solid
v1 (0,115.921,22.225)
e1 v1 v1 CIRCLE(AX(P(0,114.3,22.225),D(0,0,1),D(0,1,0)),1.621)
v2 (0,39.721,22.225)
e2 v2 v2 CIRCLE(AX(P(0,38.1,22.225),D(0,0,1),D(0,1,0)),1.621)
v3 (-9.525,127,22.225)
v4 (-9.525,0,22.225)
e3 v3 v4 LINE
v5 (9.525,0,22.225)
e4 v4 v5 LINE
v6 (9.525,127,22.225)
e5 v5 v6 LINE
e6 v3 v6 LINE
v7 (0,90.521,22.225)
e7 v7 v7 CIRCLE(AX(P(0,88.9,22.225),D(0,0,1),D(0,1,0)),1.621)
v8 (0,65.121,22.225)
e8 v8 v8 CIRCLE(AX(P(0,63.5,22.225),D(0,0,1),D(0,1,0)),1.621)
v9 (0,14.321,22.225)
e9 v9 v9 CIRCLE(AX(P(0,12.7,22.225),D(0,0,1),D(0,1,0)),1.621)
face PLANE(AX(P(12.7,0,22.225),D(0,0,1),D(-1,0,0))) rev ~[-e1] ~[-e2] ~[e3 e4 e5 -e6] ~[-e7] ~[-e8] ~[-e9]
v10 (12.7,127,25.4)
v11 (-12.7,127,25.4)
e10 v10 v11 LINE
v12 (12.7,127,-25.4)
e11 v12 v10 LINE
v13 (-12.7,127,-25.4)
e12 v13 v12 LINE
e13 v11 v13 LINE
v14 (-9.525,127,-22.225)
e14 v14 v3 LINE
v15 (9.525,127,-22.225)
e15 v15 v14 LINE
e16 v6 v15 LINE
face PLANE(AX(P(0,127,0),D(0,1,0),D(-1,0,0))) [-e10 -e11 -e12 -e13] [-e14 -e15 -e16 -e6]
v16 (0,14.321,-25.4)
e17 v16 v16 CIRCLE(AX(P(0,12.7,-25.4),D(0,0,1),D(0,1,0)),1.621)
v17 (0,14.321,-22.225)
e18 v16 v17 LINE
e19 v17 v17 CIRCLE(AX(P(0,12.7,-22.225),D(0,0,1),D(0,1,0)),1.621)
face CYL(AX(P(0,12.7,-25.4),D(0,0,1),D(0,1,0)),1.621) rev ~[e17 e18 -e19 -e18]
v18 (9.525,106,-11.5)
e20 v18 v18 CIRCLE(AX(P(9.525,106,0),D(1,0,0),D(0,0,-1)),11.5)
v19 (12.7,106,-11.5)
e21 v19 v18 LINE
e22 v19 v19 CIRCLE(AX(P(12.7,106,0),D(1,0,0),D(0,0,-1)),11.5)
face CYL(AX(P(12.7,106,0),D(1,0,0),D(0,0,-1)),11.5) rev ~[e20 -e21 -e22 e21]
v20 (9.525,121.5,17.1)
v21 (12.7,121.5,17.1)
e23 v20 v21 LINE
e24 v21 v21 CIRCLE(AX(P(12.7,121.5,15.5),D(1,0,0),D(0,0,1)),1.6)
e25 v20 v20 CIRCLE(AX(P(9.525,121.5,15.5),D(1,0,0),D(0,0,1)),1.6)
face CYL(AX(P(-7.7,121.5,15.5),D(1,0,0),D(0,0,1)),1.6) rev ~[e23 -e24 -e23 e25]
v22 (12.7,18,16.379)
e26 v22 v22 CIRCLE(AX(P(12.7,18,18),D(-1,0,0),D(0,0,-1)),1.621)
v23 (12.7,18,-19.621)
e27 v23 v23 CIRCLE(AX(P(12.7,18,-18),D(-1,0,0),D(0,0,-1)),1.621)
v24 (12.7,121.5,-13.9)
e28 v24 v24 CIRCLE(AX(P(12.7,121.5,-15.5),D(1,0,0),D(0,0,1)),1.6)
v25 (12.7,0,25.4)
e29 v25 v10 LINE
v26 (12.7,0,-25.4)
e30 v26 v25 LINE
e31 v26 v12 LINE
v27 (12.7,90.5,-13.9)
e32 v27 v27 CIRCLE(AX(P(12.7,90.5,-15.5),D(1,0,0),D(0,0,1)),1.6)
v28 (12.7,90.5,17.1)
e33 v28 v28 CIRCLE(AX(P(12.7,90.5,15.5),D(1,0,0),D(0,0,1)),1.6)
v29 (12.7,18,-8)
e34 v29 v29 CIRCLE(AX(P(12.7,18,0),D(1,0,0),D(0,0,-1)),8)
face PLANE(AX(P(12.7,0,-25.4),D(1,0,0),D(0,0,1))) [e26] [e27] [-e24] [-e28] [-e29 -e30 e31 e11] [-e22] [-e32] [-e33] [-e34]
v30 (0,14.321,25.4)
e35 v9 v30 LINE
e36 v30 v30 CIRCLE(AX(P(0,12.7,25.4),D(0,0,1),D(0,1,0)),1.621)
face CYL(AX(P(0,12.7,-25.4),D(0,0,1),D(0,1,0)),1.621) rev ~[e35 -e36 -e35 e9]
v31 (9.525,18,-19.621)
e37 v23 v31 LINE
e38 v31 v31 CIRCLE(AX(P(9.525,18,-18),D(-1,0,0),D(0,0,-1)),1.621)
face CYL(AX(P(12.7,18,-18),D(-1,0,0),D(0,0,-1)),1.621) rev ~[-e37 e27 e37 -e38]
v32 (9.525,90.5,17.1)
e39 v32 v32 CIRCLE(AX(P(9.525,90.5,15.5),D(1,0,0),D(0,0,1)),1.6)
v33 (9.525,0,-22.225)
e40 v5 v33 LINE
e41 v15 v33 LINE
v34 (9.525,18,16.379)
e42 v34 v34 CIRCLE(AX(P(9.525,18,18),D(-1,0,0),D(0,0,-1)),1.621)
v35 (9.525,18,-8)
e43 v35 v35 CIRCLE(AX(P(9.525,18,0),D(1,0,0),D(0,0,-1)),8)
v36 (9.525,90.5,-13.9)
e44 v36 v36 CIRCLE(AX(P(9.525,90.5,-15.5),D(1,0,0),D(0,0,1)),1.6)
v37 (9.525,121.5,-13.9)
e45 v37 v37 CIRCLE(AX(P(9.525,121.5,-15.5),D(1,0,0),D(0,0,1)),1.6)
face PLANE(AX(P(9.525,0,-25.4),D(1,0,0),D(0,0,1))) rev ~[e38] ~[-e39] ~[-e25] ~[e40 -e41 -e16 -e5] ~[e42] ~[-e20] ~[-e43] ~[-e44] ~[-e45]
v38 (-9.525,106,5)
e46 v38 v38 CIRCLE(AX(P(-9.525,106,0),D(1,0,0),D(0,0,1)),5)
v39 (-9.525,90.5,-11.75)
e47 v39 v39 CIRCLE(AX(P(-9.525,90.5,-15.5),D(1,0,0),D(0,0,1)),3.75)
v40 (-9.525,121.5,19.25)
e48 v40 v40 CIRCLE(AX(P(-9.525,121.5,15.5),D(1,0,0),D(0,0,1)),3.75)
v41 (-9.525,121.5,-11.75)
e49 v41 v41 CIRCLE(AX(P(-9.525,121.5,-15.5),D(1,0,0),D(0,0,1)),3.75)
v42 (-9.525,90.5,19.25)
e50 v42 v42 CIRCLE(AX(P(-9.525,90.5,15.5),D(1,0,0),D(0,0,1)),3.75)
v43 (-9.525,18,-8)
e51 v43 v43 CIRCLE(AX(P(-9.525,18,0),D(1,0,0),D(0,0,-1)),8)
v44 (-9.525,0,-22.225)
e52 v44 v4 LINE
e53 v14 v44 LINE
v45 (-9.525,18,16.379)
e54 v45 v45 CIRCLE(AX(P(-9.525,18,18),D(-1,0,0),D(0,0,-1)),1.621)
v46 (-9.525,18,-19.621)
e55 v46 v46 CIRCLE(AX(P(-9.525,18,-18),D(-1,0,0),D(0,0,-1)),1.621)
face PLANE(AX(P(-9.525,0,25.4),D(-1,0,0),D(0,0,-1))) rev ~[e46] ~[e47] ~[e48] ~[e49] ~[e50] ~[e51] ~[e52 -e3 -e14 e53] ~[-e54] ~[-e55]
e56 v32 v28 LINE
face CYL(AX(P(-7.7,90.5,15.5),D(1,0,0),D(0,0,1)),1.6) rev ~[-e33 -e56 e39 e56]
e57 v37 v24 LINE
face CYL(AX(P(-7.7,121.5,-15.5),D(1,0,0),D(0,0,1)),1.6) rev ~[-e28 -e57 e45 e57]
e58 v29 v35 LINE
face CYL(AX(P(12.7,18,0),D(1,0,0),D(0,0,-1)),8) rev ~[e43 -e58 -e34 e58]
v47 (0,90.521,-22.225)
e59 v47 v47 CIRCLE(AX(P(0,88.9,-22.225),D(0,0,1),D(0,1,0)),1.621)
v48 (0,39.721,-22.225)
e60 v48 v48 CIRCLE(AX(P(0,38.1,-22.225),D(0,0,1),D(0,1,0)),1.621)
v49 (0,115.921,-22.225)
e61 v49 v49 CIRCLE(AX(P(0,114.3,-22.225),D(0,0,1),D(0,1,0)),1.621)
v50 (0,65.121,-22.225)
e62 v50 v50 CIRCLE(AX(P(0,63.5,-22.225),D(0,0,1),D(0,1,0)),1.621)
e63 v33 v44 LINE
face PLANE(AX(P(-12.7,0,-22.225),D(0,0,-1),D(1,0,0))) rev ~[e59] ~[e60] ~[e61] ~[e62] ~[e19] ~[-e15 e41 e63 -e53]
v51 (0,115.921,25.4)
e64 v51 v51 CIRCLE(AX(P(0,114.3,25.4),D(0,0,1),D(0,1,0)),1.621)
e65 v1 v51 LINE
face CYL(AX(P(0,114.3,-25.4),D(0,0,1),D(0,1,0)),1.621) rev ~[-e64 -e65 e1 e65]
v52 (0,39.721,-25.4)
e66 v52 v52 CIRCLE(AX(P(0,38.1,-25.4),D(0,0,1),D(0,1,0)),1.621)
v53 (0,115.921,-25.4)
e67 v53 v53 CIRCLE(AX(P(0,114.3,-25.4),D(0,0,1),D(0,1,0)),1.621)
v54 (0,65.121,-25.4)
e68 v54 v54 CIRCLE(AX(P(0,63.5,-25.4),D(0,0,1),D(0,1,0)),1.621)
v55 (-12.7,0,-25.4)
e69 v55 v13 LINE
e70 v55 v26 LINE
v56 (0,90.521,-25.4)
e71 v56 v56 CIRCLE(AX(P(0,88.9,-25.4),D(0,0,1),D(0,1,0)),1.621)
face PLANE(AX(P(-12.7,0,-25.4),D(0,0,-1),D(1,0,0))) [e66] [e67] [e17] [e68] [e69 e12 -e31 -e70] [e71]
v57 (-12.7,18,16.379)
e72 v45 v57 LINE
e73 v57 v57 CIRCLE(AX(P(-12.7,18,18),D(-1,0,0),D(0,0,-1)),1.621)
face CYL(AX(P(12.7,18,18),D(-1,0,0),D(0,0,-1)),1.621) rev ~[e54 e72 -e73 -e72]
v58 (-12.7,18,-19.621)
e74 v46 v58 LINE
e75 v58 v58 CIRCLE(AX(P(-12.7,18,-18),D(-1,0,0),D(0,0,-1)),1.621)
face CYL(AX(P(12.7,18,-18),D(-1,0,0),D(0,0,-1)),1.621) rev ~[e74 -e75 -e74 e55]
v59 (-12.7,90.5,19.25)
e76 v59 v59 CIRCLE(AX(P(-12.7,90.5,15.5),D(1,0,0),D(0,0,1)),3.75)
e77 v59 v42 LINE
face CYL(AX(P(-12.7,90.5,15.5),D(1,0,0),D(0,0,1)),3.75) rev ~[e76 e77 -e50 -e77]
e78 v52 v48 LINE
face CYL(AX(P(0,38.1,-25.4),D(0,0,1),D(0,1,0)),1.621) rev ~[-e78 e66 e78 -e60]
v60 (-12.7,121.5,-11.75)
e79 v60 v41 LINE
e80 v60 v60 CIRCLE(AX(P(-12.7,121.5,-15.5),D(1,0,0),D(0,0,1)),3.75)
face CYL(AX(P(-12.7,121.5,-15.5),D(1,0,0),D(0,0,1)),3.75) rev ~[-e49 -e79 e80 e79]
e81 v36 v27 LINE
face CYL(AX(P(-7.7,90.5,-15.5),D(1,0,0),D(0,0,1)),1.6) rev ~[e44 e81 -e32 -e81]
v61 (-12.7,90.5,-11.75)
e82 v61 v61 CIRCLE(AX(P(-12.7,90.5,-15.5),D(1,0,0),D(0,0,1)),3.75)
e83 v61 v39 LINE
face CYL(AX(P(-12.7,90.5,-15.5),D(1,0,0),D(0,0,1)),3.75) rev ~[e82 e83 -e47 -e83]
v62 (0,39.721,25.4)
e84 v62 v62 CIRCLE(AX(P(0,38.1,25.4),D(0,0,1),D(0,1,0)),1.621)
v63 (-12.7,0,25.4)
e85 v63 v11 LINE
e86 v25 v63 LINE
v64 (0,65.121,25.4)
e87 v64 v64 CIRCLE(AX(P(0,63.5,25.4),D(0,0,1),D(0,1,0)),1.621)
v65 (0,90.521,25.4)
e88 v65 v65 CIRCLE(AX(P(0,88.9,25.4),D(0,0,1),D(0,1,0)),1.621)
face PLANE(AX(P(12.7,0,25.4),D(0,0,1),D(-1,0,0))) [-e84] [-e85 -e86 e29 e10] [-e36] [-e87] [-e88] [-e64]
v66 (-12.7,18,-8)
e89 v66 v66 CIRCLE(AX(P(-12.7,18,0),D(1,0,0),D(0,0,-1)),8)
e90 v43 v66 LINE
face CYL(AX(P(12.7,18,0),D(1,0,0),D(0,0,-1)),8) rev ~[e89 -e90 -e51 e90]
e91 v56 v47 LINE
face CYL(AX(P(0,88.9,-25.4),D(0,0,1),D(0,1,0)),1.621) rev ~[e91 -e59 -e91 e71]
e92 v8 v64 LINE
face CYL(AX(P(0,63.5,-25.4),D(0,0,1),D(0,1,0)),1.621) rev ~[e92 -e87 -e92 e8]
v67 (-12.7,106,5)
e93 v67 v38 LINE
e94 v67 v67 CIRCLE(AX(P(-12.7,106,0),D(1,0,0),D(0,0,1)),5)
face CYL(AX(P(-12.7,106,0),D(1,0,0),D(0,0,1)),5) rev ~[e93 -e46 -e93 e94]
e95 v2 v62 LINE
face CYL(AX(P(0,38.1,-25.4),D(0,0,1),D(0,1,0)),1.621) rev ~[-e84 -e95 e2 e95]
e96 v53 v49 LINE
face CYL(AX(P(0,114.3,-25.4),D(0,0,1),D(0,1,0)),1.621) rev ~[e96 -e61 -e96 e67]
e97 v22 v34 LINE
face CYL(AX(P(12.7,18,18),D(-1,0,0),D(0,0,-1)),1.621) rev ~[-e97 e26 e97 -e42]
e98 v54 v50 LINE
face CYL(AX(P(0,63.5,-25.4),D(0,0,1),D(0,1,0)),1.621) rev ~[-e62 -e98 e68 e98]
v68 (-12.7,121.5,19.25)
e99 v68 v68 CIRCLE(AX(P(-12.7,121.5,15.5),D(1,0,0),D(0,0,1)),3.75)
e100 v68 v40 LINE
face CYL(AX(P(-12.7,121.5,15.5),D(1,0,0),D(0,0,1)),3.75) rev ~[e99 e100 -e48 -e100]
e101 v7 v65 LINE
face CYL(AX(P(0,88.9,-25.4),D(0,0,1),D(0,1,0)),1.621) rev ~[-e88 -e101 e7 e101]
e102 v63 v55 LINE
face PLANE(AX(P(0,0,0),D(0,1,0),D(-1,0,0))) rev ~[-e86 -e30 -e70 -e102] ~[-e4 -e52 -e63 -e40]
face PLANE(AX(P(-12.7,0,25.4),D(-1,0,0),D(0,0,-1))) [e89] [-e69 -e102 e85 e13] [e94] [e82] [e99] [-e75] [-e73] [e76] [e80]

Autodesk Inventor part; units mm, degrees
ref_plane "YZ Plane" through (0, 0, 0) normal (1, 0, 0) x (0, 1, 0)
ref_plane "XZ Plane" through (0, 0, 0) normal (0, 1, 0) x (-1, 0, 0)
ref_plane "XY Plane" through (0, 0, 0) normal (0, 0, 1) x (1, 0, 0)
sketch "Sketch1" plane through (0, 0, 0) normal (0, 1, 0) x (-1, 0, 0)
  line L0 (-12.7, 25.4) -> (12.7, 25.4)
  line L1 (12.7, 25.4) -> (12.7, -25.4)
  line L2 (12.7, -25.4) -> (-12.7, -25.4)
  line L3 (-12.7, -25.4) -> (-12.7, 25.4)
  line L4 (-12.7, 25.4) -> (12.7, -25.4) construction
  line L5 (12.7, 25.4) -> (-12.7, -25.4) construction
  point P0 (0, 0)
  dimension "d0" = 50.8
  dimension "d1" = 25.4
extrude "Extrusion1" add sketch "Sketch1" along normal blind 127
shell "Shell1" thickness 3.175 removed faces 2 at (-4.2333, 0, 8.4667) at (-4.2333, 127, 8.4667)
sketch "Sketch2" plane through (-12.7, 0, -25.4) normal (-1, 0, 0) x (0, 0, 1)
  line L0 (9.9, 90.5) -> (40.9, 90.5)
  line L1 (40.9, 90.5) -> (40.9, 121.5)
  line L2 (40.9, 121.5) -> (9.9, 121.5)
  line L3 (9.9, 121.5) -> (9.9, 90.5)
  line L4 (9.9, 90.5) -> (40.9, 121.5) construction
  line L5 (40.9, 90.5) -> (9.9, 121.5) construction
  line L6 (0, 127) -> (50.8, 127) projected
  point P0 (25.4, 0)
  point P1 (25.4, 106)
  point P2 (25.4, 106)
  point P3 (25.4, 127)
  dimension "d5" = 31
  dimension "d6" = 31
  dimension "d7" = 21
hole "Hole1" at (-12.7, 121.5, -15.5) at (-12.7, 121.5, 15.5) at (-12.7, 90.5, 15.5) at (-12.7, 90.5, -15.5) direction (1, 0, 0) diameter 3.2 end through all counterbore diameter 7.5 counterbore depth 5 clearance for "Socket Head Cap Screw" size "M3" standard "Ansi Metric M Profile"
hole "Hole2" at (-12.7, 106, 0) direction (1, 0, 0) diameter 10 end through all
sketch "Sketch3" plane through (12.7, 0, 25.4) normal (1, 0, 0) x (0, 0, -1)
  circle A0 centre (25.4, 106) radius 5 projected
  circle A1 centre (25.4, 106) radius 11.5
  point P0 (25.4, 0)
  dimension "d22" = 23
extrude "Extrusion2" cut sketch "Sketch3" against normal up to surface (22.225 mm away) contours A0 | A1
sketch "Sketch4" plane through (12.7, 0, 25.4) normal (1, 0, 0) x (0, 0, -1)
  circle A0 centre (25.4, 18) radius 8
  line L0 (50.8, 0) -> (0, 0) projected
  point P0 (25.4, 0)
  point P1 (25.4, 0)
  dimension "d25" = 16
  dimension "d26" = 18
extrude "Extrusion3" cut sketch "Sketch4" against normal through all
sketch "Sketch6" plane through (12.7, 0, -25.4) normal (0, 0, -1) x (-1, 0, 0)
  line L0 (12.7, 63.5) -> (12.7, 114.3)
  line L1 (25.4, 0) -> (0, 0) projected
  line L2 (0, 127) -> (25.4, 127) projected
  line L3 (25.4, 0) -> (25.4, 127) projected
  point P0 (12.7, 0)
  point P1 (12.7, 88.9)
  point P2 (12.7, 0)
  dimension "d55" = 50.8
  dimension "d61" = 38.1
hole "Hole4" at (0, 88.9, -25.4) at (0, 114.3, -25.4) at (0, 63.5, -25.4) direction (0, 0, 1) diameter 3.242 end through all thread size "M4x0.7" class "6H" standard "ANSI Metric M Profile"
sketch "Sketch7" plane through (12.7, 0, 25.4) normal (1, 0, 0) x (0, 0, -1)
  circle A0 centre (25.4, 18) radius 8 projected
  line L0 (7.4, 18) -> (43.4, 18)
  point P0 (25.4, 0)
  dimension "d47" = 36
hole "Hole5" at (12.7, 18, -18) at (12.7, 18, 18) direction (-1, 0, 0) diameter 3.242 end through all thread size "M4x0.7" class "6H" standard "ANSI Metric M Profile"
pattern_linear "Rectangular Pattern1" count 2 spacing 50.8 along (0, -1, 0) of "Hole4"
equation "\"d6\" = d5"
properties part number "Transmission_Case_Long"
